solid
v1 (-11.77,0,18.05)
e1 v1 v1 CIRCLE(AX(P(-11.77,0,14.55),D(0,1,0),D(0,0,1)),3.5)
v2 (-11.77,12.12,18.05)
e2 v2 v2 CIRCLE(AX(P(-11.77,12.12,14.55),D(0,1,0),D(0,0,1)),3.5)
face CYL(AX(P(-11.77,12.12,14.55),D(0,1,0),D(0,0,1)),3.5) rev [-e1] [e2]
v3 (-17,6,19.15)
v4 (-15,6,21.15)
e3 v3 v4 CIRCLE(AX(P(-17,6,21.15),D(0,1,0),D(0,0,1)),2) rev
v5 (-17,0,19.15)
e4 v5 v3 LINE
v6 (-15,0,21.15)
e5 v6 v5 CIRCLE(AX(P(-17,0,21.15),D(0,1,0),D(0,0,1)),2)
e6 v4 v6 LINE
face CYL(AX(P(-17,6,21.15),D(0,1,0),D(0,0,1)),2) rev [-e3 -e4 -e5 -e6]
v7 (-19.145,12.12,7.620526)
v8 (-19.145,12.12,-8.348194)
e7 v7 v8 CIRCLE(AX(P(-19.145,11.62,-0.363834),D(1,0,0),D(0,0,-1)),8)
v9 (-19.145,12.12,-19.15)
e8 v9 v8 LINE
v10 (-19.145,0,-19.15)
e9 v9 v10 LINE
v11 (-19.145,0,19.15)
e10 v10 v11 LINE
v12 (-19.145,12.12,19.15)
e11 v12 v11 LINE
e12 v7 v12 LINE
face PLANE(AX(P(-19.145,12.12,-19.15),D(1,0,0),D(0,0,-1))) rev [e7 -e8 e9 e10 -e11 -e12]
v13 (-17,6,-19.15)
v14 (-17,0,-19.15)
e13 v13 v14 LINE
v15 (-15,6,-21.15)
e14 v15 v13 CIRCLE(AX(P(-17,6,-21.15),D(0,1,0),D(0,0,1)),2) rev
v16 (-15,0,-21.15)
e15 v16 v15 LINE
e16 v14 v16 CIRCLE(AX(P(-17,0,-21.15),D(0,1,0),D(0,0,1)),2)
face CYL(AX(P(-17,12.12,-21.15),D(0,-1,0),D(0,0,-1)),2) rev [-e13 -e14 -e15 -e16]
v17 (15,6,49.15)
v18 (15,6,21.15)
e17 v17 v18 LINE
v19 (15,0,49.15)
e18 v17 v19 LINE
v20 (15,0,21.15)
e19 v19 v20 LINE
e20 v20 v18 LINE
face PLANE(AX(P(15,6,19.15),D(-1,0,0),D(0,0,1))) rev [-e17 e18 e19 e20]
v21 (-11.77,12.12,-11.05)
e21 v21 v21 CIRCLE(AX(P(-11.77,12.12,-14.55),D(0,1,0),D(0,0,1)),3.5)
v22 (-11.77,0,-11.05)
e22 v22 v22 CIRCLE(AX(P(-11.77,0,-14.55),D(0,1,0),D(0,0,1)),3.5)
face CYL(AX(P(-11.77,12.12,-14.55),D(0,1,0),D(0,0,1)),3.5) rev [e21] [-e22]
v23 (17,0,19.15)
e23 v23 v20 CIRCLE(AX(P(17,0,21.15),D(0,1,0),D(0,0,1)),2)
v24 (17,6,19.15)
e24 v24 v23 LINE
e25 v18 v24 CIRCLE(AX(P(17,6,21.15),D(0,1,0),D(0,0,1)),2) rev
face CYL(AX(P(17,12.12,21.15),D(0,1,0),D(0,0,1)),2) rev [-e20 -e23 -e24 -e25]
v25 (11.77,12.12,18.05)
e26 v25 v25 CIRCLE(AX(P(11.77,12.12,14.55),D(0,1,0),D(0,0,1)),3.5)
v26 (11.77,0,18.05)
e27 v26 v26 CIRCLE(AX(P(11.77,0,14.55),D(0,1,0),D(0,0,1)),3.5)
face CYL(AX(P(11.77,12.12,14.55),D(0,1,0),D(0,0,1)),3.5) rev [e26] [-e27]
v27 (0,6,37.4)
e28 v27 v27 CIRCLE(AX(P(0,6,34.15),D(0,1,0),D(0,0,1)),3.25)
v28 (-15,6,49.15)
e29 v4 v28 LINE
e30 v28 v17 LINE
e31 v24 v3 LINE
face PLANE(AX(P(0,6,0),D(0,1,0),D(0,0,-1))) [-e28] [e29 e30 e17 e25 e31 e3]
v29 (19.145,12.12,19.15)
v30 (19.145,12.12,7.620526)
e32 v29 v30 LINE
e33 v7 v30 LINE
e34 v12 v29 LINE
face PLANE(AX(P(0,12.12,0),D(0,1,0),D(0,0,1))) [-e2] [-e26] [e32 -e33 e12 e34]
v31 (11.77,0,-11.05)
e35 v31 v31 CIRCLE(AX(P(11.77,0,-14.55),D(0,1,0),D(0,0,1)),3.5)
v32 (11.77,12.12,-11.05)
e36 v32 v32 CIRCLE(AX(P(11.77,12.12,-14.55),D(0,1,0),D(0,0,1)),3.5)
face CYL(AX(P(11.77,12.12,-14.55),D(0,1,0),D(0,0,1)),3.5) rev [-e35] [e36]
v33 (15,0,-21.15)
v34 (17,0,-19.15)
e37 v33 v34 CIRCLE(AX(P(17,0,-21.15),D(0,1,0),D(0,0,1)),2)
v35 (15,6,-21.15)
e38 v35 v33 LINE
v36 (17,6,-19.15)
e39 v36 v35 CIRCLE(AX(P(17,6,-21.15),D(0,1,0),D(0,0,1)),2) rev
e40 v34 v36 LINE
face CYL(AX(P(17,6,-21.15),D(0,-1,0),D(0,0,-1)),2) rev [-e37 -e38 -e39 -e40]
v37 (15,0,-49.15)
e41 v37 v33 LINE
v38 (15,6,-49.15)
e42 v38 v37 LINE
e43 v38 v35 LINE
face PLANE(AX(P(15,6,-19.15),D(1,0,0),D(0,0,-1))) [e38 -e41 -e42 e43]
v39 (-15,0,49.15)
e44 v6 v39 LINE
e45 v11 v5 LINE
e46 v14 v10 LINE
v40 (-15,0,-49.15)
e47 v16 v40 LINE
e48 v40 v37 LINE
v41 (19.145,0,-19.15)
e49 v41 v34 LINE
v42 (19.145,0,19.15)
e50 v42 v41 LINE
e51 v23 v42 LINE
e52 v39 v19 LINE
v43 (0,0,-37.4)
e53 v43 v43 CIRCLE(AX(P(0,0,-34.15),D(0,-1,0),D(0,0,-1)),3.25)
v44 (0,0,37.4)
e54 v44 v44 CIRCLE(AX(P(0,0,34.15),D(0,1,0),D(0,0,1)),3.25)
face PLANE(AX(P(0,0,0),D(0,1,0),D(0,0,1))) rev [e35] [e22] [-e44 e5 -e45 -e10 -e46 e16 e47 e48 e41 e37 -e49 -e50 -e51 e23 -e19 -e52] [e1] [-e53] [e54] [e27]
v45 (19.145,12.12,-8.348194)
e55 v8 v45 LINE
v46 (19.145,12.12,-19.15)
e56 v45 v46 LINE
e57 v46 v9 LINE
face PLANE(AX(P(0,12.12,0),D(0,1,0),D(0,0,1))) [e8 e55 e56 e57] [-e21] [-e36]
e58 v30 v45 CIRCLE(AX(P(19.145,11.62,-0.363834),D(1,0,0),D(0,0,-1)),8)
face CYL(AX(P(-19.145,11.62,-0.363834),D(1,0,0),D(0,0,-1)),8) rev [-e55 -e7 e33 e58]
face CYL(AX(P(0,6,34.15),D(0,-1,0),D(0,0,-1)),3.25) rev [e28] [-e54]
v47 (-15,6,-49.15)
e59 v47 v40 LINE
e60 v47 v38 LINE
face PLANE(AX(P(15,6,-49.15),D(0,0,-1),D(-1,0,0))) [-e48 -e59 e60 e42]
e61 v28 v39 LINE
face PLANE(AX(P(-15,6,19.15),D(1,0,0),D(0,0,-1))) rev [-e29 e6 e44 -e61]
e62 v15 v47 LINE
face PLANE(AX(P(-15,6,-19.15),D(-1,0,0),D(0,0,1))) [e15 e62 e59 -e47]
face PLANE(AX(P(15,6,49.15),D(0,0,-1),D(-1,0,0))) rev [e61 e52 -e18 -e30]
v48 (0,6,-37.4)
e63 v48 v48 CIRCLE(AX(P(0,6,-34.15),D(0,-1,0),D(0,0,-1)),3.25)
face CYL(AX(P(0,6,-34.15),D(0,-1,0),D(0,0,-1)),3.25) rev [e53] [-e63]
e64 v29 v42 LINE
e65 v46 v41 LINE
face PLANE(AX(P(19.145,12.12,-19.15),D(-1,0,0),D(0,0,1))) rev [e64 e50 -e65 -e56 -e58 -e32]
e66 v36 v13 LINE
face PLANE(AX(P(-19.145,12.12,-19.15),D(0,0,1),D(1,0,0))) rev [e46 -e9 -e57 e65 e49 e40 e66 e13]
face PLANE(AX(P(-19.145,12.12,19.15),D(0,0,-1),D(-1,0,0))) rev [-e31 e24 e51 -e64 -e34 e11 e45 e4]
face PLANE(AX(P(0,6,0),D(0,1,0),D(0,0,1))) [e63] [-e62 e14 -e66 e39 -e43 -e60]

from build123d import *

# Parameters (mm, degrees)
SKETCH1_W                            = 38.29
SKETCH1_H                            = 38.3
BOSS_EXTRUDE1_DEPTH                  = 12.12
SKETCH2_R                            = 8
CUT_EXTRUDE1_DEPTH                   = 45.494280531
M8X1_0_TAPPED_HOLE2_D                = 7
MIRROR1_AT_THE_SECOND_PLANE_COPY_1_D = 7
SKETCH9_W                            = 30
SKETCH9_H                            = 30
SKETCH9_R                            = 3.25
BOSS_EXTRUDE2_DEPTH                  = 6
FILLET1_R                            = 2


with BuildPart() as part:
    # Sketch1 → Boss-Extrude1 (new body)
    with BuildSketch(Plane(origin=(0, 0, 0), x_dir=(1, 0, 0), z_dir=(0, 1, 0))):
        Rectangle(SKETCH1_W, SKETCH1_H)
    extrude(amount=BOSS_EXTRUDE1_DEPTH)

    # Sketch2 → Cut-Extrude1 (cut, through all)
    with BuildSketch(Plane(origin=(19.145, 0, 0), x_dir=(0, 0, -1), z_dir=(1, 0, 0))):
        with Locations((0.363834185, 11.62)):
            Circle(SKETCH2_R)
    extrude(amount=-CUT_EXTRUDE1_DEPTH, mode=Mode.SUBTRACT)

    # M8x1.0 Tapped Hole2 (through all)
    with Locations(Plane(origin=(0, 12.12, 0), x_dir=(1, 0, 0), z_dir=(0, 1, 0))):
        with Locations((-11.77, 14.55), (11.77, 14.55), (-11.77, -14.55), (11.77, -14.55)):
            m8x1_0_tapped_hole2 = Hole(M8X1_0_TAPPED_HOLE2_D / 2)

    # Mirror1: M8x1.0 Tapped Hole2 across plane
    add(m8x1_0_tapped_hole2.mirror(Plane.XY), mode=Mode.SUBTRACT)

    # Mirror1 at the second plane: M8x1.0 Tapped Hole2 across plane
    add(m8x1_0_tapped_hole2.mirror(Plane(origin=(0, 0, 0), x_dir=(0, 0, 1), z_dir=(1, 0, 0))), mode=Mode.SUBTRACT)

    # Mirror1 at the second plane copy 1 (through all)
    with Locations(Plane(origin=(0, 12.12, 0), x_dir=(-1, 0, 0), z_dir=(0, 1, 0))):
        with Locations((-11.77, 14.55), (11.77, 14.55), (-11.77, -14.55), (11.77, -14.55)):
            Hole(MIRROR1_AT_THE_SECOND_PLANE_COPY_1_D / 2)

    # Sketch9 → Boss-Extrude2 (add)
    with BuildSketch(Plane.XZ):
        with Locations((0, -34.15)):
            Rectangle(SKETCH9_W, SKETCH9_H)
        with Locations(Location((0, -34.15, 0), (0, 0, 270))):
            Circle(SKETCH9_R, mode=Mode.SUBTRACT)
    boss_extrude2 = extrude(amount=-BOSS_EXTRUDE2_DEPTH)

    # Mirror2: Boss-Extrude2 across plane
    add(boss_extrude2.mirror(Plane.XY))

    # Fillet1
    fillet1_edges = [part.edges().sort_by_distance(p)[0] for p in [
        (15, 3, 19.15),
        (-15, 3, 19.15),
        (15, 3, -19.15),
        (-15, 3, -19.15),
    ]]
    fillet(fillet1_edges, radius=FILLET1_R)


solid = part.part
